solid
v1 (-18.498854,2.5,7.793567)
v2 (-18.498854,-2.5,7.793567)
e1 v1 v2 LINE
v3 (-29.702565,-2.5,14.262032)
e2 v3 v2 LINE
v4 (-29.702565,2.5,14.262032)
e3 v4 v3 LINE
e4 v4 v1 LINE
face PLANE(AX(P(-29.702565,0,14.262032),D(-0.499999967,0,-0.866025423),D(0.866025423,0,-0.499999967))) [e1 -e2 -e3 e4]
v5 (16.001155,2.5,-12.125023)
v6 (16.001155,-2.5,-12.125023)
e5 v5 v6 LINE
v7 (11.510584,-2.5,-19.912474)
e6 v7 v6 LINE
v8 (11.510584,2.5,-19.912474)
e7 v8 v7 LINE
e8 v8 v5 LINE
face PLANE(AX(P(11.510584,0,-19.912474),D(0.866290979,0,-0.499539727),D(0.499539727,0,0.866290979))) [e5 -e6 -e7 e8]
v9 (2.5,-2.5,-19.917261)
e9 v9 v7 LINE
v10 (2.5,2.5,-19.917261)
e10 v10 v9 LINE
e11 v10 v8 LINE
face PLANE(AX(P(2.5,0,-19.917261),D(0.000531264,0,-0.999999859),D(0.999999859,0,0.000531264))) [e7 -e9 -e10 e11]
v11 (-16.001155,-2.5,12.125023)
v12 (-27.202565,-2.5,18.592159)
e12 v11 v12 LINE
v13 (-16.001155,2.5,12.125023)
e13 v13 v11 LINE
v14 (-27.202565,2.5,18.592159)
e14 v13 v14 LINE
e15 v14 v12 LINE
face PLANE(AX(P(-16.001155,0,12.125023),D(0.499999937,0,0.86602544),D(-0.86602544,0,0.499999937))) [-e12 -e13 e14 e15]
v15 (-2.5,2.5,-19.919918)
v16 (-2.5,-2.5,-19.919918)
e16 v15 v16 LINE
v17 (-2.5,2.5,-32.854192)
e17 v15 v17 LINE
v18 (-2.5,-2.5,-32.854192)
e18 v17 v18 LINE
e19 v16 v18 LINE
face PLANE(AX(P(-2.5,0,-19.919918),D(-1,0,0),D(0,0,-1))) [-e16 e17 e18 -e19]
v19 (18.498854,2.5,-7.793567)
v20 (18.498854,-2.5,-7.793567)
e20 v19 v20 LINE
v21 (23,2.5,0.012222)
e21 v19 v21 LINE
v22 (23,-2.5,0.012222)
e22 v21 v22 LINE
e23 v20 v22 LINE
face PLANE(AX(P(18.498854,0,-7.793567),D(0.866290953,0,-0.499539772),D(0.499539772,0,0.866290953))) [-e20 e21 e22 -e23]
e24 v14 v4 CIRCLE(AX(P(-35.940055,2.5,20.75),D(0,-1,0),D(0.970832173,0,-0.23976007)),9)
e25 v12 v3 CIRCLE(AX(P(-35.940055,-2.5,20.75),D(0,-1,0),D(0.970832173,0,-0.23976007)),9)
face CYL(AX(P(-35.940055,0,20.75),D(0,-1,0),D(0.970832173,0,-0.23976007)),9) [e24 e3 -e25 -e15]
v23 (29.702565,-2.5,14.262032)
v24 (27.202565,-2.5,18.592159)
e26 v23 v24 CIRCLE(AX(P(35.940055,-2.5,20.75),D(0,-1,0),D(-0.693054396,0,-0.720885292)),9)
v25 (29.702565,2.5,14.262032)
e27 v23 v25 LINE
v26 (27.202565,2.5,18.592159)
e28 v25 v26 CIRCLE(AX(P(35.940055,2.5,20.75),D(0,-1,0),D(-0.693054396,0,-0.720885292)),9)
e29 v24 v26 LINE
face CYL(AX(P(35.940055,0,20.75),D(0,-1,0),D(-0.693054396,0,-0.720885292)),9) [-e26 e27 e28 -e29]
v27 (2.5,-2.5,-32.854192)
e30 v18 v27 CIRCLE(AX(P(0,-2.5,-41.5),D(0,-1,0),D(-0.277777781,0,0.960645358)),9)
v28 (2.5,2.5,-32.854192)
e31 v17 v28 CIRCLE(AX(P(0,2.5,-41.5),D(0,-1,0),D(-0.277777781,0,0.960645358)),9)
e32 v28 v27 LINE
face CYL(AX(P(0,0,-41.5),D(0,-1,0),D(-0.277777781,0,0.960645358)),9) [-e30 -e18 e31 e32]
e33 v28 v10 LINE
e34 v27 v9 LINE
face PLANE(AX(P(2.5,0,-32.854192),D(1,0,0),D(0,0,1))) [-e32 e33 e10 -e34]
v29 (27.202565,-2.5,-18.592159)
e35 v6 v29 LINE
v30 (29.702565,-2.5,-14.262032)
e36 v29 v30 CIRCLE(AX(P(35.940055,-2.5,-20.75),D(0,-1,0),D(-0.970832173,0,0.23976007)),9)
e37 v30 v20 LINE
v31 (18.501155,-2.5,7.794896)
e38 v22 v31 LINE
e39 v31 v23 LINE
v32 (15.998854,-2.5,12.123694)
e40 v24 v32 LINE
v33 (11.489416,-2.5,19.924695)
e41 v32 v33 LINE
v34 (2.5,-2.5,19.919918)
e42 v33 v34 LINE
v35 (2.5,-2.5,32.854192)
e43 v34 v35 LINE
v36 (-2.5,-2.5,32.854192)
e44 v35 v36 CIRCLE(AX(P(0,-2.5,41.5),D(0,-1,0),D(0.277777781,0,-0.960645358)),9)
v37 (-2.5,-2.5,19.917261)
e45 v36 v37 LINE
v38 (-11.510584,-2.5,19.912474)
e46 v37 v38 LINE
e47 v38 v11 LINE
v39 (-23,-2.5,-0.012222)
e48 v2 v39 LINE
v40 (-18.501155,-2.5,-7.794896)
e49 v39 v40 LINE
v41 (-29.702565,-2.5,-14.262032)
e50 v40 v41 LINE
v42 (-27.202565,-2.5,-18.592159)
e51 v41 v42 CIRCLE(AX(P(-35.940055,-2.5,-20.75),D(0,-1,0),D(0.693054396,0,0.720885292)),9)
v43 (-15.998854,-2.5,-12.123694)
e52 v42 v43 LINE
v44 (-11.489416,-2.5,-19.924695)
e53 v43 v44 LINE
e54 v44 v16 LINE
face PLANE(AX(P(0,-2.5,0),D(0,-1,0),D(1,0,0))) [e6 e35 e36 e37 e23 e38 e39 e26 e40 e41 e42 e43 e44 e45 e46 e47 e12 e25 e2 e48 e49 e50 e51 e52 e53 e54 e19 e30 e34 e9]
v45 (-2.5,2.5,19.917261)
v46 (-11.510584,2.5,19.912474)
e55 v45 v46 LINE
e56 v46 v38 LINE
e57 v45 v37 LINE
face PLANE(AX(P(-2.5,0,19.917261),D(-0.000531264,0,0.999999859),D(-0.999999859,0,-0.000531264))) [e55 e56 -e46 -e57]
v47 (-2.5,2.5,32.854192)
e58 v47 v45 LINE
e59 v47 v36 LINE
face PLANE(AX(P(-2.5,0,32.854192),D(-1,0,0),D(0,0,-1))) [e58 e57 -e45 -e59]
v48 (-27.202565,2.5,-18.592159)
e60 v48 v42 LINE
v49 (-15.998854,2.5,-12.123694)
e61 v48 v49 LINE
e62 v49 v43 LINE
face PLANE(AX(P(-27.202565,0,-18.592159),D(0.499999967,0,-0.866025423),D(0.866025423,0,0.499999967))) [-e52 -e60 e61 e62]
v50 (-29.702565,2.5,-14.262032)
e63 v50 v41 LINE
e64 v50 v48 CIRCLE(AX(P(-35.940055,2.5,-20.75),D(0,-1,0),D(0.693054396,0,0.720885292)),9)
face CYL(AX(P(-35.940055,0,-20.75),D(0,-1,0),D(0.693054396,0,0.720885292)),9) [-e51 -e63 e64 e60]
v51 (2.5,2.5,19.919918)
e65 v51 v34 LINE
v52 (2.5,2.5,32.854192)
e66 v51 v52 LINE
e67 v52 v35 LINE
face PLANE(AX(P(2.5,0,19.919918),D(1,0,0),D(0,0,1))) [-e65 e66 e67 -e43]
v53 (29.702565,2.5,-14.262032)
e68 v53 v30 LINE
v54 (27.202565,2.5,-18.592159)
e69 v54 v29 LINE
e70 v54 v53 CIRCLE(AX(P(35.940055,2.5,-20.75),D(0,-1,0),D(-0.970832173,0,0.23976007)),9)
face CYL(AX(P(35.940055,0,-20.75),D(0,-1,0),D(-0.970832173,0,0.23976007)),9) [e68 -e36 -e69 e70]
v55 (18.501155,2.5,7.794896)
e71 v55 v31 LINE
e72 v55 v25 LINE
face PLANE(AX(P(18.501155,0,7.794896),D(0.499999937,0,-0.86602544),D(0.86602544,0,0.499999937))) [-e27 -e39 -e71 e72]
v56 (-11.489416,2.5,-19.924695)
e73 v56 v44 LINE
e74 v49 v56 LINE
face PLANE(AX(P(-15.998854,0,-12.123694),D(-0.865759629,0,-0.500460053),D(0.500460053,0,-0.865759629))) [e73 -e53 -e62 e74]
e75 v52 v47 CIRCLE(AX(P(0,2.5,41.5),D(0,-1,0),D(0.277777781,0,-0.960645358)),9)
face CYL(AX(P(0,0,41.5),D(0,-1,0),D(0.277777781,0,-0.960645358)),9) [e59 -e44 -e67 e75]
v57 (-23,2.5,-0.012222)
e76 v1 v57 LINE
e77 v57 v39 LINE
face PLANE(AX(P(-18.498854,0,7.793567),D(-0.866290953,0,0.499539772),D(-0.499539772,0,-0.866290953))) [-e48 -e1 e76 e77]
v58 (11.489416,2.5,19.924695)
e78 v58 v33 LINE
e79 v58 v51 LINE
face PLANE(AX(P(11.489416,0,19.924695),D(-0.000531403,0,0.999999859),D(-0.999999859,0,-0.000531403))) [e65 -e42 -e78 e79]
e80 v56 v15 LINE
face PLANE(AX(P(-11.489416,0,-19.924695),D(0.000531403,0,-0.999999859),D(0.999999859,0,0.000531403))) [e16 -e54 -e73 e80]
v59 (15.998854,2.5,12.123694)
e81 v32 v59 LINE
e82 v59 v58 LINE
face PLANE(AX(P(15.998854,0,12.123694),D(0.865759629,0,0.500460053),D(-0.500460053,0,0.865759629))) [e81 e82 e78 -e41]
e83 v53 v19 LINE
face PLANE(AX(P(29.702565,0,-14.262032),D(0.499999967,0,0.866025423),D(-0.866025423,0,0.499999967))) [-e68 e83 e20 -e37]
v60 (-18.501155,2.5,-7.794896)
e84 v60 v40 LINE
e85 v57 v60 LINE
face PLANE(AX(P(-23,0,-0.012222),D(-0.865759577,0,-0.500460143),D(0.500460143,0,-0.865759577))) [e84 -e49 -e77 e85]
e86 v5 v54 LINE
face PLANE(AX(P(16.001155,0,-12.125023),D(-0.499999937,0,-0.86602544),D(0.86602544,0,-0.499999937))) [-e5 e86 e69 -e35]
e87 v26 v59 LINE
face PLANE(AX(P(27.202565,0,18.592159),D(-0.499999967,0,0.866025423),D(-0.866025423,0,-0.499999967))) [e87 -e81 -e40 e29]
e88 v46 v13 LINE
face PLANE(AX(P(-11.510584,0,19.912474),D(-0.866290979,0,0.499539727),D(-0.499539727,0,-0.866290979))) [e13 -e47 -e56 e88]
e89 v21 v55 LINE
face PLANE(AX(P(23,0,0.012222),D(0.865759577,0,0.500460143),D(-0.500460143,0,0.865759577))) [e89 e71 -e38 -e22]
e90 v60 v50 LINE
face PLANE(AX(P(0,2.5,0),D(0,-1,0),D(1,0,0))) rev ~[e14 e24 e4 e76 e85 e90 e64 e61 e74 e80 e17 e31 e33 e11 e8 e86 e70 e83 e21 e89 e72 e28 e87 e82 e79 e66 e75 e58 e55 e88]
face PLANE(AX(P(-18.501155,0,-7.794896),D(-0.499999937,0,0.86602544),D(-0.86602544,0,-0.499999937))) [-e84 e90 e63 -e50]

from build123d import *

# Parameters (mm, degrees)
F1_DEPTH = 2.5


with BuildPart() as f1:
    # F0 (on Front) → F1 (new body, symmetric)
    with BuildSketch(Plane.XZ):
        with BuildLine():
            Line((15.998854, 12.123694), (11.489416, 19.924695))
            Line((11.489416, 19.924695), (2.5, 19.919918))
            Line((2.5, 19.919918), (2.5, 32.854192))
            ThreePointArc((2.5, 32.854192), (0, 50.5), (-2.5, 32.854192))
            Line((-2.5, 32.854192), (-2.5, 19.917261))
            Line((-2.5, 19.917261), (-11.510584, 19.912474))
            Line((-11.510584, 19.912474), (-16.001155, 12.125023))
            Line((-16.001155, 12.125023), (-27.202565, 18.592159))
            ThreePointArc((-27.202565, 18.592159), (-43.734283, 25.25), (-29.702565, 14.262032))
            Line((-29.702565, 14.262032), (-18.498854, 7.793567))
            Line((-18.498854, 7.793567), (-23, -0.012222))
            Line((-23, -0.012222), (-18.501155, -7.794896))
            Line((-18.501155, -7.794896), (-29.702565, -14.262032))
            ThreePointArc((-29.702565, -14.262032), (-43.734283, -25.25), (-27.202565, -18.592159))
            Line((-27.202565, -18.592159), (-15.998854, -12.123694))
            Line((-15.998854, -12.123694), (-11.489416, -19.924695))
            Line((-11.489416, -19.924695), (-2.5, -19.919918))
            Line((-2.5, -19.919918), (-2.5, -32.854192))
            ThreePointArc((-2.5, -32.854192), (0, -50.5), (2.5, -32.854192))
            Line((2.5, -32.854192), (2.5, -19.917261))
            Line((2.5, -19.917261), (11.510584, -19.912474))
            Line((11.510584, -19.912474), (16.001155, -12.125023))
            Line((16.001155, -12.125023), (27.202565, -18.592159))
            ThreePointArc((27.202565, -18.592159), (43.734283, -25.25), (29.702565, -14.262032))
            Line((29.702565, -14.262032), (18.498854, -7.793567))
            Line((18.498854, -7.793567), (23, 0.012222))
            Line((23, 0.012222), (18.501155, 7.794896))
            Line((18.501155, 7.794896), (29.702565, 14.262032))
            ThreePointArc((29.702565, 14.262032), (43.734283, 25.25), (27.202565, 18.592159))
            Line((27.202565, 18.592159), (15.998854, 12.123694))
        make_face()
    extrude(amount=F1_DEPTH, both=True)


solid = f1.part
